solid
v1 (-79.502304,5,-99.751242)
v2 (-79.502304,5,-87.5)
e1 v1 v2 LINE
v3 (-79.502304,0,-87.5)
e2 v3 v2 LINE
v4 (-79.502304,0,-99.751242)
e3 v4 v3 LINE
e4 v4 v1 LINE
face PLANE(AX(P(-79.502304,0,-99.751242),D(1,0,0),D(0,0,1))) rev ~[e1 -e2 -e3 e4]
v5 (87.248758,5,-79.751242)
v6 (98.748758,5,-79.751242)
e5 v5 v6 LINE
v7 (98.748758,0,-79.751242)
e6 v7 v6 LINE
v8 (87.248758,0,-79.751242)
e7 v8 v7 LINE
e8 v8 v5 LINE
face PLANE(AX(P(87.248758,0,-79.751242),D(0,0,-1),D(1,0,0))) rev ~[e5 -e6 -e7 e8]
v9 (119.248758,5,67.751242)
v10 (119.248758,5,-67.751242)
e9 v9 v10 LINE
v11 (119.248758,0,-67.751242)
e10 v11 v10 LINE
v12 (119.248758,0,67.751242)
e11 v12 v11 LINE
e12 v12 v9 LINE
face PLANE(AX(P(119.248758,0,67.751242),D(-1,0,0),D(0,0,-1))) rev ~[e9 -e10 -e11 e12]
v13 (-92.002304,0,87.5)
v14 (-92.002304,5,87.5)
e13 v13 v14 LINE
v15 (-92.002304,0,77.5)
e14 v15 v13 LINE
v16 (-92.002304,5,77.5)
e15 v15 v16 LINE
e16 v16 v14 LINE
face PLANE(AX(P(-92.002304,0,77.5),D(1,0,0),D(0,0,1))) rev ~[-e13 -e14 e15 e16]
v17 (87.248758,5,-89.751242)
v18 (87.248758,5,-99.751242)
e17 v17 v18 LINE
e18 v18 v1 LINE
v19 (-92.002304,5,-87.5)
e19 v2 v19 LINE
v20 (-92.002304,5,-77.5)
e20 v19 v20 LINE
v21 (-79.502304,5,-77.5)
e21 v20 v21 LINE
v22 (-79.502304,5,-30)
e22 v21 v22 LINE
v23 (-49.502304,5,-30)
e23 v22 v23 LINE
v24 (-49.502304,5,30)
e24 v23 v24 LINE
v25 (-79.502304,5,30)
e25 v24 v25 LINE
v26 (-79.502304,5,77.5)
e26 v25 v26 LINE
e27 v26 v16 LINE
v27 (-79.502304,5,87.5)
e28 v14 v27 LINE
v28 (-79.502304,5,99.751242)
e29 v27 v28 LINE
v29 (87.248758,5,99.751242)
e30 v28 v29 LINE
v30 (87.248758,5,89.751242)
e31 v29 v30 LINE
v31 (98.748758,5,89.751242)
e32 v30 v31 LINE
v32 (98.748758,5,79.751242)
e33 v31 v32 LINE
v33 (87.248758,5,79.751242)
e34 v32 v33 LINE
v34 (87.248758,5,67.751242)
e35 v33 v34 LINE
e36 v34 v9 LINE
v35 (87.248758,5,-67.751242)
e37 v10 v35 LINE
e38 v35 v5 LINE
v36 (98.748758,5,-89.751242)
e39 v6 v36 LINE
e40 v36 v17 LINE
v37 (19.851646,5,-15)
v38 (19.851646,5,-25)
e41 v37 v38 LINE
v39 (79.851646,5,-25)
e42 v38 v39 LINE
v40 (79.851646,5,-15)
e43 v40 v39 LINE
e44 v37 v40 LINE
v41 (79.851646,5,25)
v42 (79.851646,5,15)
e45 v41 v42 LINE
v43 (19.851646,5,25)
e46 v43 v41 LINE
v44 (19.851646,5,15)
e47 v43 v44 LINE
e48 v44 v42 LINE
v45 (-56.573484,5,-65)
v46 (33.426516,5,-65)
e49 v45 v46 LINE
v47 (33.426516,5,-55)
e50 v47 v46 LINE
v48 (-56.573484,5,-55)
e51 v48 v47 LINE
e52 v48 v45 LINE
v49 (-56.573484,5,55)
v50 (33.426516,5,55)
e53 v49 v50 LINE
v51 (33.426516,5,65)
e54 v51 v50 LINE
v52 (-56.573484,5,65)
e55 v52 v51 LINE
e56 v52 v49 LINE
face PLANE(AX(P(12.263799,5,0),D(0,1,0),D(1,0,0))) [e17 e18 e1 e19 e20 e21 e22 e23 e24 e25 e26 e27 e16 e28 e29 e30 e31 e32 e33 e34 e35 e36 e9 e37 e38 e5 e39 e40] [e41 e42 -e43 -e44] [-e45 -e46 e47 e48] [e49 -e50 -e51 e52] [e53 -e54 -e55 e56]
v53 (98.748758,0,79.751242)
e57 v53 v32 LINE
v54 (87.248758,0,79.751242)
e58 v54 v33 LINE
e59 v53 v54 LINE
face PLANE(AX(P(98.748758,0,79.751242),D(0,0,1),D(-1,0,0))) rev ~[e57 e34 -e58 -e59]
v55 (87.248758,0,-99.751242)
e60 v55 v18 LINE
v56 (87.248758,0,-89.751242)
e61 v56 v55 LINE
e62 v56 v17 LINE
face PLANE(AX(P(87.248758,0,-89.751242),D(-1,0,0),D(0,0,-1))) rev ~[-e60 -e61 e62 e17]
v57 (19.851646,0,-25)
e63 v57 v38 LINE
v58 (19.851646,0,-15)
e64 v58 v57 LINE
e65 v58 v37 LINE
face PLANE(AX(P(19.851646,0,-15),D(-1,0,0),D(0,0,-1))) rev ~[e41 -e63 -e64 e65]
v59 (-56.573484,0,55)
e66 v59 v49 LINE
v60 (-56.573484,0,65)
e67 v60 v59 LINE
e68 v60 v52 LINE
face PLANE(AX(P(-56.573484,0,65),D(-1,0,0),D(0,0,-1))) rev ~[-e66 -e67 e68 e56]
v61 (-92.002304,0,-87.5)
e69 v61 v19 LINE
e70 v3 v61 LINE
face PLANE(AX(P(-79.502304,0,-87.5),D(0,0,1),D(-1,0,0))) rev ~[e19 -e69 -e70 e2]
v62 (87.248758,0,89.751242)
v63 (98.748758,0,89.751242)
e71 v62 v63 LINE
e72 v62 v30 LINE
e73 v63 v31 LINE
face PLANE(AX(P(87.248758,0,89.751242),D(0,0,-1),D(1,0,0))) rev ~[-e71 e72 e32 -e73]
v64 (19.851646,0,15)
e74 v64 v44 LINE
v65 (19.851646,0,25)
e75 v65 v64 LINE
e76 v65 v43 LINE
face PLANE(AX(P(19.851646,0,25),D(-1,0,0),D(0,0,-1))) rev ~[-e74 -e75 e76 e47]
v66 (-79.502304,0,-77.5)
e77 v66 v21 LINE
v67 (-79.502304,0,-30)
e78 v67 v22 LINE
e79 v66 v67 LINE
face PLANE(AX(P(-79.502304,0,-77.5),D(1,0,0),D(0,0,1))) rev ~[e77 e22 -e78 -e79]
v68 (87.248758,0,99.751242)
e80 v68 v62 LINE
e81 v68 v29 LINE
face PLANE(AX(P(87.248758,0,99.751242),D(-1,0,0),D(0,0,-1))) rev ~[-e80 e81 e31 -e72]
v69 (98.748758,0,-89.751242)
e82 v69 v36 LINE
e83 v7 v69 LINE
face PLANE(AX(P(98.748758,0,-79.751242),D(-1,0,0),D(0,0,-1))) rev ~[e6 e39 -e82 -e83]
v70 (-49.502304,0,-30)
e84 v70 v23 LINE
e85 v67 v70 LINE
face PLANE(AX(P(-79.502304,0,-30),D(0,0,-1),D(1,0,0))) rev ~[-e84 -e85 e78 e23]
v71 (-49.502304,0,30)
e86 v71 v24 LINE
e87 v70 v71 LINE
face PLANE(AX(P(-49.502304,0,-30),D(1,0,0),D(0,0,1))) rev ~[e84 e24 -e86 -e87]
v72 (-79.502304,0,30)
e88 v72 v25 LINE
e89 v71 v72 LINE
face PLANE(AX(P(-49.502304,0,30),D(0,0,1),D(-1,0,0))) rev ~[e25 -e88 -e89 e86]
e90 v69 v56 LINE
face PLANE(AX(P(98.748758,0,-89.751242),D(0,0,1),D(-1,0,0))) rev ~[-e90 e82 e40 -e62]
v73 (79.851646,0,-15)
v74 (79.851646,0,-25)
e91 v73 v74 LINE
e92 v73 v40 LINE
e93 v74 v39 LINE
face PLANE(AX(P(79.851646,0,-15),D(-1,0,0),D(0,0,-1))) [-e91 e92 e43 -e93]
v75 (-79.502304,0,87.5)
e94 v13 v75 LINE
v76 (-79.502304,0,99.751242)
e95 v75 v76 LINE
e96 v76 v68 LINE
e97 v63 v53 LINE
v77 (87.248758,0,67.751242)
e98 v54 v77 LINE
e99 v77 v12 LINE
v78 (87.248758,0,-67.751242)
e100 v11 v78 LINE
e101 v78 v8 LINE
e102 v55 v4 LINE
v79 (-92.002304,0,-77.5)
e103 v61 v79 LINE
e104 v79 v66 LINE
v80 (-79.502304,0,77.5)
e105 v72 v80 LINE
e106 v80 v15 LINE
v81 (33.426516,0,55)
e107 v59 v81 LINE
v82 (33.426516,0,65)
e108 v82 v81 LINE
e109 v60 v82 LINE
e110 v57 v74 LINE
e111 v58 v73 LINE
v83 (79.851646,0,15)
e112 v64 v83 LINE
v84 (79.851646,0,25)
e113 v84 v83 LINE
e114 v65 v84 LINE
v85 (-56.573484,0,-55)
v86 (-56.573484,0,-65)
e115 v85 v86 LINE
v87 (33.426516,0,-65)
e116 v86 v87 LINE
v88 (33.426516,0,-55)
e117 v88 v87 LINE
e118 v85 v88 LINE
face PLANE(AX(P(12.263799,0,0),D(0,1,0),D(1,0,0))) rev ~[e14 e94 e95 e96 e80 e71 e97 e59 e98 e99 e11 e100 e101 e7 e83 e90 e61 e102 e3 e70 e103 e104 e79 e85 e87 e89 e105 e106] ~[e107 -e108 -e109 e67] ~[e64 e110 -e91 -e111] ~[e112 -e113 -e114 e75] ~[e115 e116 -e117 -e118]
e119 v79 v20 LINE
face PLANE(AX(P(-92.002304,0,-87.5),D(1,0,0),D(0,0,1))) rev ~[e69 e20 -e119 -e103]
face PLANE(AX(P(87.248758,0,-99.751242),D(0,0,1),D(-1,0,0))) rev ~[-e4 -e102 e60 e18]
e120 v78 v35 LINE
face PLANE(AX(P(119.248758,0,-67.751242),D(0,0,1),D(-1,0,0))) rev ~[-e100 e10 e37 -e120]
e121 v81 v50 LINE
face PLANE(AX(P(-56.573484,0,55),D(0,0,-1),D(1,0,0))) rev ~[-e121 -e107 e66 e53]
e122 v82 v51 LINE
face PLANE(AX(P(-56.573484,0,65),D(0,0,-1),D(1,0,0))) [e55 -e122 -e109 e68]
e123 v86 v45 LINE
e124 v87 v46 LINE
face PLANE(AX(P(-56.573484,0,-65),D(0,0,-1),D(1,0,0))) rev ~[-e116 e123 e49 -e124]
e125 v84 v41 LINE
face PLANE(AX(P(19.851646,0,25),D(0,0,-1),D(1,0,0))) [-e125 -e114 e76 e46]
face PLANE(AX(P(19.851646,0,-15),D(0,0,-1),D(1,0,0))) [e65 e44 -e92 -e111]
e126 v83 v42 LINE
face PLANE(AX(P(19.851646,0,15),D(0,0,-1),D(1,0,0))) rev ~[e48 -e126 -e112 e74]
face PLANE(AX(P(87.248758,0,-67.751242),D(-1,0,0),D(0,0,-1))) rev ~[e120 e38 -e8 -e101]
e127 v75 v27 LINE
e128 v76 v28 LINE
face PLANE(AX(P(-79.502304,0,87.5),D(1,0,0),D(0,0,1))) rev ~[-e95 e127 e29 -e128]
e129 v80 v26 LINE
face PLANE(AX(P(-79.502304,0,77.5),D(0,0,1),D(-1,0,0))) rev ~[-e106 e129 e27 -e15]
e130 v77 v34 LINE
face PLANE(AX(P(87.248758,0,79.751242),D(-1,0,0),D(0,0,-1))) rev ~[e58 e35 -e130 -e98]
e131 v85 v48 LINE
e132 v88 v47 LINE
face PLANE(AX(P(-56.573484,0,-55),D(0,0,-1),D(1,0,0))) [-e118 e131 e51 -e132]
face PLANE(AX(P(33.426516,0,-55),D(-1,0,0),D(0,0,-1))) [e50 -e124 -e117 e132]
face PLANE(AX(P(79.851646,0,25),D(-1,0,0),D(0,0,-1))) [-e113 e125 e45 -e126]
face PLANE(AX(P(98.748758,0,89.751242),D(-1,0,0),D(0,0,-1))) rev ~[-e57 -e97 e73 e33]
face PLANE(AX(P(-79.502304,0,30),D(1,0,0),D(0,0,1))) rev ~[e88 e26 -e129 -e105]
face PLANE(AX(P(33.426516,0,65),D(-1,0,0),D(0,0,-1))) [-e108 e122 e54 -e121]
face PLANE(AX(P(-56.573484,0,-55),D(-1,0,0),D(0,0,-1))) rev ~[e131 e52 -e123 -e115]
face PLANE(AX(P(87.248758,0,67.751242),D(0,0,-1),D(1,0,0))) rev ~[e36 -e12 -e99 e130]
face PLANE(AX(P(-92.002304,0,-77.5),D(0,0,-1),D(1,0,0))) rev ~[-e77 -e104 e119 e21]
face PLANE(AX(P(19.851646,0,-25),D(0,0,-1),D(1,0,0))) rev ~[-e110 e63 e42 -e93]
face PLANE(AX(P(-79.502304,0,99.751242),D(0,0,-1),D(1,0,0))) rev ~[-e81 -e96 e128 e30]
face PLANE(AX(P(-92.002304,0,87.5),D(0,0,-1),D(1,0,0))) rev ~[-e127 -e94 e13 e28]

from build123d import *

# Parameters (mm, degrees)
CROQUIS2_W              = 60
CROQUIS2_H              = 10
CROQUIS2_W_2            = 90
SALIENTE_EXTRUIR1_DEPTH = 5


with BuildPart() as part:
    # Croquis2 → Saliente-Extruir1 (new body)
    with BuildSketch(Plane(origin=(0, 0, 0), x_dir=(1, 0, 0), z_dir=(0, 1, 0))):
        Polygon((119.248757736, -67.751242264), (119.248757736, 67.751242264), (87.248757736, 67.751242264), (87.248757736, 79.751242264), (98.748757736, 79.751242264), (98.748757736, 89.751242264), (87.248757736, 89.751242264), (87.248757736, 99.751242264), (-79.502303886, 99.751242264), (-79.502303886, 87.5), (-92.002303886, 87.5), (-92.002303886, 77.5), (-79.502303886, 77.5), (-79.502303886, 30), (-49.502303886, 30), (-49.502303886, -30), (-79.502303886, -30), (-79.502303886, -77.5), (-92.002303886, -77.5), (-92.002303886, -87.5), (-79.502303886, -87.5), (-79.502303886, -99.751242264), (87.248757736, -99.751242264), (87.248757736, -89.751242264), (98.748757736, -89.751242264), (98.748757736, -79.751242264), (87.248757736, -79.751242264), (87.248757736, -67.751242264), align=None)
        with Locations((49.851646293, 20)):
            Rectangle(CROQUIS2_W, CROQUIS2_H, mode=Mode.SUBTRACT)
        with Locations((49.851646293, -20)):
            Rectangle(CROQUIS2_W, CROQUIS2_H, mode=Mode.SUBTRACT)
        with Locations((-11.573483533, -60)):
            Rectangle(CROQUIS2_W_2, CROQUIS2_H, mode=Mode.SUBTRACT)
        with Locations((-11.573483533, 60)):
            Rectangle(CROQUIS2_W_2, CROQUIS2_H, mode=Mode.SUBTRACT)
    extrude(amount=SALIENTE_EXTRUIR1_DEPTH)


solid = part.part
